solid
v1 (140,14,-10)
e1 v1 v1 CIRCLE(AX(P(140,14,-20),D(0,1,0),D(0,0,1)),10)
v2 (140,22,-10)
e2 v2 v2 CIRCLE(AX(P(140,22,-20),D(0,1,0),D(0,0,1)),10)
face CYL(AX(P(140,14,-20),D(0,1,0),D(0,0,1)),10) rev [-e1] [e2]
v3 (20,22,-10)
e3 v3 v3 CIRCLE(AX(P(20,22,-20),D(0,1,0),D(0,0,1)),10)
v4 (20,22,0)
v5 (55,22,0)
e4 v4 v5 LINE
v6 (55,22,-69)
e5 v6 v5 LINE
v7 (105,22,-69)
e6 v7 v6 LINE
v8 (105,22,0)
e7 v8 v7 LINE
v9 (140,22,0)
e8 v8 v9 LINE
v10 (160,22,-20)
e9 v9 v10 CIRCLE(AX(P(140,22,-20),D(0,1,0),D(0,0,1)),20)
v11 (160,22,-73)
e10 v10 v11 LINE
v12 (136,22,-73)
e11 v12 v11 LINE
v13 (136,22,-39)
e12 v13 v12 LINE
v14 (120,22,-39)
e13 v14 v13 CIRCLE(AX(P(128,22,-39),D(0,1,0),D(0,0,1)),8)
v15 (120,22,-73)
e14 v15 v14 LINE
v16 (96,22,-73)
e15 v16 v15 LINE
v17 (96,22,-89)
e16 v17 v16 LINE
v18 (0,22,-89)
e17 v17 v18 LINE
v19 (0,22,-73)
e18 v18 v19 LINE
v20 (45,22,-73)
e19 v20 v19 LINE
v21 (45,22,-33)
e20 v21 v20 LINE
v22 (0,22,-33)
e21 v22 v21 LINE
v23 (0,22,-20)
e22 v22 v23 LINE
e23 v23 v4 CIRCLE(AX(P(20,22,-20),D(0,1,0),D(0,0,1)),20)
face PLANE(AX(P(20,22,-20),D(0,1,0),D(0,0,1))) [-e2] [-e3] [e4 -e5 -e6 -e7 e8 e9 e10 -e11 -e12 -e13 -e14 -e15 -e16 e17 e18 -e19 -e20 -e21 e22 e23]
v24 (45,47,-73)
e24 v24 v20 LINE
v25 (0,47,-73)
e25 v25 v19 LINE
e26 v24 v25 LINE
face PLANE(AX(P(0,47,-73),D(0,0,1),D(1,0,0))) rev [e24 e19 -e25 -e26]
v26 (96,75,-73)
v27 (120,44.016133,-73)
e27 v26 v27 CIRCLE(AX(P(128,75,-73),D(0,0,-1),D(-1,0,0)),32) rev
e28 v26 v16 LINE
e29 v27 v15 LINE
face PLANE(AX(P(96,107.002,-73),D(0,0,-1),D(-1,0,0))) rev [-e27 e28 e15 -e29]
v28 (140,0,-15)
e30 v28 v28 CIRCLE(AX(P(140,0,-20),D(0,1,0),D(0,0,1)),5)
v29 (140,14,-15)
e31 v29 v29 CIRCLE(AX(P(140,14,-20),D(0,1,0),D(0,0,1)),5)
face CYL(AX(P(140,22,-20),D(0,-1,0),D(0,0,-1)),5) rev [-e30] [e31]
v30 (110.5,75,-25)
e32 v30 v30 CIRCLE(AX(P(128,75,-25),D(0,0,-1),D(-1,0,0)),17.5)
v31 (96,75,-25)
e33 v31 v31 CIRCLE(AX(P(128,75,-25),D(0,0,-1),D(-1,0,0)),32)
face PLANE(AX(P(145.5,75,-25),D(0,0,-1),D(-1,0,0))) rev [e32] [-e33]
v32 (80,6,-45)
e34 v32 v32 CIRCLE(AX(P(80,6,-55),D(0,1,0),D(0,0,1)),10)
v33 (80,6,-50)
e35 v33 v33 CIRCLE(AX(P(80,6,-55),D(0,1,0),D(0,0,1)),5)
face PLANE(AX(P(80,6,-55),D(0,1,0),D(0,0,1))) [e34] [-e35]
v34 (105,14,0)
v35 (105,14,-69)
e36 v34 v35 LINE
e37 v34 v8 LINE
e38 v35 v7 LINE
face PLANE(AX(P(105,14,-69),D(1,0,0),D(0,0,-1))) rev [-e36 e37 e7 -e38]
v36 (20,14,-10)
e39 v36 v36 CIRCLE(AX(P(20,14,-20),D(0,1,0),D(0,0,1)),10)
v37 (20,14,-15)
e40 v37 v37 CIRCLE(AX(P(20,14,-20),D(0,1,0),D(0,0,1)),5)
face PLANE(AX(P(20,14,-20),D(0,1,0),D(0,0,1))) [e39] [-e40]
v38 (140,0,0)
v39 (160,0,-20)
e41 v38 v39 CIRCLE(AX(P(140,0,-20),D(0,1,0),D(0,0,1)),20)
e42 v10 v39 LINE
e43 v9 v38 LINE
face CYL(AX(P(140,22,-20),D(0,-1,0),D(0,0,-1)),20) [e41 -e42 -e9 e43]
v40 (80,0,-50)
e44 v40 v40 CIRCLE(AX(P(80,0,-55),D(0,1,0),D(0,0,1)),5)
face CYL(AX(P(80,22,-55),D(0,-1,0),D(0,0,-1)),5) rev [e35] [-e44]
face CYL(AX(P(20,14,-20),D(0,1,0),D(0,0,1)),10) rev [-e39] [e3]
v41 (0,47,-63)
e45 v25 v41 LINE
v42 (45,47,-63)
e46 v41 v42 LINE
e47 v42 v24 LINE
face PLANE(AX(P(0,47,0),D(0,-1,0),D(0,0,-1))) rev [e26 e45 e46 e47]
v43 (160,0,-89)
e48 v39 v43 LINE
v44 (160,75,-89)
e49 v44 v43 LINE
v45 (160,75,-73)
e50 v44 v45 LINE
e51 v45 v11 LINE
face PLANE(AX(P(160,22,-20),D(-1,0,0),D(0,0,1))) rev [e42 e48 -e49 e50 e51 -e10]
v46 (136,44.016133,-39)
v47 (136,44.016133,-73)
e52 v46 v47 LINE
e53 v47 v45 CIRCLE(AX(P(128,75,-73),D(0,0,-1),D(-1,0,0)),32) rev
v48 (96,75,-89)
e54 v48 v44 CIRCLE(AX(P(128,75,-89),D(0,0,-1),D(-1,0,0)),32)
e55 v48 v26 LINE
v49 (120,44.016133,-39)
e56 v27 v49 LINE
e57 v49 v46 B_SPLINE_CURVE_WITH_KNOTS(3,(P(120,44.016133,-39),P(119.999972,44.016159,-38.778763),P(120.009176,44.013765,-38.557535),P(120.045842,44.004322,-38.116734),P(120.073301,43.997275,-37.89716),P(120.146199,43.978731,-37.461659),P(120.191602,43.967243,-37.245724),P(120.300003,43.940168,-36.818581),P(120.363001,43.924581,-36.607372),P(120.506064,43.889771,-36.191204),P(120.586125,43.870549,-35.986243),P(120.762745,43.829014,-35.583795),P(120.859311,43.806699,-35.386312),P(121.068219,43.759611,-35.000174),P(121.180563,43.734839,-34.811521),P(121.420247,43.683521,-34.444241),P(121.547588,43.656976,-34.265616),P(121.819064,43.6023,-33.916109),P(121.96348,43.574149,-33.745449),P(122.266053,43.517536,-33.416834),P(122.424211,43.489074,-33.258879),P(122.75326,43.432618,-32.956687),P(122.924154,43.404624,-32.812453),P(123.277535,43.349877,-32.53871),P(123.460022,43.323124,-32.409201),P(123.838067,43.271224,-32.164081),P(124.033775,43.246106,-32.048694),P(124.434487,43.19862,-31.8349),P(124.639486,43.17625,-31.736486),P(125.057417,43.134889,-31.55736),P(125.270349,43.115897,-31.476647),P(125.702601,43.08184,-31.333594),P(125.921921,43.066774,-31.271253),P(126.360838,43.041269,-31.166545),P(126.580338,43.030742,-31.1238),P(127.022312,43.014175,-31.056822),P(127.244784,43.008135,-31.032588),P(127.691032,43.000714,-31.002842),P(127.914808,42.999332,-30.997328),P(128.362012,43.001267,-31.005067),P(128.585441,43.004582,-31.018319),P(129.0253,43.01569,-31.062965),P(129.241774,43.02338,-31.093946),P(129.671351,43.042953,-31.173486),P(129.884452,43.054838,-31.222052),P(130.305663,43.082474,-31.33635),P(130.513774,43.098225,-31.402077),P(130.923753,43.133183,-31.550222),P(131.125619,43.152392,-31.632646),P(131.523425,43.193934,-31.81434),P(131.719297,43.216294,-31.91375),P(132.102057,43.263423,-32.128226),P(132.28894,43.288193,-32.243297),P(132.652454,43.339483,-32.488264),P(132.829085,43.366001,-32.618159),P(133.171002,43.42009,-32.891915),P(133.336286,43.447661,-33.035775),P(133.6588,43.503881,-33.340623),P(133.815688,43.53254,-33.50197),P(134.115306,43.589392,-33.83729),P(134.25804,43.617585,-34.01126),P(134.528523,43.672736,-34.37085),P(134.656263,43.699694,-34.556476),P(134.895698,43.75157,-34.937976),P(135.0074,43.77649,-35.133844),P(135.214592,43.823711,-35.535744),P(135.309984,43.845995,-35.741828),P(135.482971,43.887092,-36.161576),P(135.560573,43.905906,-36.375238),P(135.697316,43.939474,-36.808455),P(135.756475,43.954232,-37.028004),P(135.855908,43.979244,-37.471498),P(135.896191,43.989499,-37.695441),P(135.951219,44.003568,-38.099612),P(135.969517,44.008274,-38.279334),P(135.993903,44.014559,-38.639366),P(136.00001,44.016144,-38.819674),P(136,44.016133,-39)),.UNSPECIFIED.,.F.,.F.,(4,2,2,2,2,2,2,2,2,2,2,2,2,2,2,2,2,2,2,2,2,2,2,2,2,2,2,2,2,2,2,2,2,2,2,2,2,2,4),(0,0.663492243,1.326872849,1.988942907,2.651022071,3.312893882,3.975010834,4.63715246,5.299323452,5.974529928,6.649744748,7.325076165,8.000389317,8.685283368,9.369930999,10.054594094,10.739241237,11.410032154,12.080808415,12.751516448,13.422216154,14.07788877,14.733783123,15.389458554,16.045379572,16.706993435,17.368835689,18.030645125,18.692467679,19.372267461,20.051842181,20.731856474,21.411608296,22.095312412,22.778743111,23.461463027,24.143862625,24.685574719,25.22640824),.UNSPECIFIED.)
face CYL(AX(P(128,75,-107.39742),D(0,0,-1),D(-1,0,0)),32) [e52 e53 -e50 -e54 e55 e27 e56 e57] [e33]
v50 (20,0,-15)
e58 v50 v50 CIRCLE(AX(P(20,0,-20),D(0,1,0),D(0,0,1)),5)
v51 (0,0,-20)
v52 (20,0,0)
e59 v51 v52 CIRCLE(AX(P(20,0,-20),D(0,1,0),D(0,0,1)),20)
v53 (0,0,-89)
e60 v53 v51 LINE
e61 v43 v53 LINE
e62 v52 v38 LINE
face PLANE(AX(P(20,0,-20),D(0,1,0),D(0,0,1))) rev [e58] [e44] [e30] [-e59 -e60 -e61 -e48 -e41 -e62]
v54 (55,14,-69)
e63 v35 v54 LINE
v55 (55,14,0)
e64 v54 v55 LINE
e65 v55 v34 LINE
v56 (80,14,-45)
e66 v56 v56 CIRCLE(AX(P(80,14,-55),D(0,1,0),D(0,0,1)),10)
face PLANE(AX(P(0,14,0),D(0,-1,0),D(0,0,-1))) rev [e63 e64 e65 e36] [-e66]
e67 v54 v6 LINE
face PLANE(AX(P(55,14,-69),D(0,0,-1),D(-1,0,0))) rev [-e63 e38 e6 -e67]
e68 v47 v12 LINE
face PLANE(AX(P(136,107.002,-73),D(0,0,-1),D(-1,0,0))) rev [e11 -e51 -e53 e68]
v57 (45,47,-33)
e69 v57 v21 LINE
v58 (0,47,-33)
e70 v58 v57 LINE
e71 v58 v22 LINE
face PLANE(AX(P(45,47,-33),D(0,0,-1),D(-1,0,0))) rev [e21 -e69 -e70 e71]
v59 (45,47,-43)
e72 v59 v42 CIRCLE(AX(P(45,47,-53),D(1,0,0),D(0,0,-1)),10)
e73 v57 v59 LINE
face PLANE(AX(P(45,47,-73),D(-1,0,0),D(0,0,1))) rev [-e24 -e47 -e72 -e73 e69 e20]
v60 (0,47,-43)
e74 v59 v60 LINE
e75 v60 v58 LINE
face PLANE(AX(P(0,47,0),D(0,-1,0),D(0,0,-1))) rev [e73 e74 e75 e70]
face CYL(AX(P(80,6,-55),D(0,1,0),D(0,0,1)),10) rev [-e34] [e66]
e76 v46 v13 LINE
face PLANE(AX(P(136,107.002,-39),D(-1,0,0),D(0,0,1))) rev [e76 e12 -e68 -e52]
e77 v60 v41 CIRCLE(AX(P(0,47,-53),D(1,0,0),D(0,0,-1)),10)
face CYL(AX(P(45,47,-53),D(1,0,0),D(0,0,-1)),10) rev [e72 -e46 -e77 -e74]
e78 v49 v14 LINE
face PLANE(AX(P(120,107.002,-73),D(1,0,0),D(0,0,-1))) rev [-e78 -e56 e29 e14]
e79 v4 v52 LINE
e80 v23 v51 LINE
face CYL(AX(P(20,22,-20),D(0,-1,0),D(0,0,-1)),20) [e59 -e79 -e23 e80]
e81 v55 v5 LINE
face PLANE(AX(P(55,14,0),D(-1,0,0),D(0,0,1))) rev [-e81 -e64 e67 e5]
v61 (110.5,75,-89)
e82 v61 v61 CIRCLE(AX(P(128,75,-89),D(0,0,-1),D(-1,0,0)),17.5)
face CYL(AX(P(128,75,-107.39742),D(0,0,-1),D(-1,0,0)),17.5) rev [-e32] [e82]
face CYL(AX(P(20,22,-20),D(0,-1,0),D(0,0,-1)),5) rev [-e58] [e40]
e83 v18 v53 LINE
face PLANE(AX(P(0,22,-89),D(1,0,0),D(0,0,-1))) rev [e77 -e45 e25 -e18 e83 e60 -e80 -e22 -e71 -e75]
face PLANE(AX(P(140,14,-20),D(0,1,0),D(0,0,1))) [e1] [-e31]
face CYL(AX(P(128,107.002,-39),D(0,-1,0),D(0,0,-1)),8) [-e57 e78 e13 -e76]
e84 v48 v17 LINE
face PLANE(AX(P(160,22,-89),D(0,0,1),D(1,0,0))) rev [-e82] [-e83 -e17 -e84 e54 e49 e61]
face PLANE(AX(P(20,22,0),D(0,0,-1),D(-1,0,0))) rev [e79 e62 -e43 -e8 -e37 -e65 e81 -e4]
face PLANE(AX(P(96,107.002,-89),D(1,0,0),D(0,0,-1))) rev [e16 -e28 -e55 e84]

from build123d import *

# Parameters (mm, degrees)
CROQUIS2_R                   = 5
SALIENTE_EXTRUIR1_DEPTH      = 22
CROQUIS3_R                   = 10
CROQUIS3_W                   = 50
CROQUIS3_H                   = 69
CORTAR_EXTRUIR1_DEPTH        = 8
CROQUIS4_R                   = 10
CORTAR_EXTRUIR2_DEPTH        = 8
CROQUIS5_W                   = 14.5
CROQUIS5_H                   = 64
SALIENTE_EXTRUIR2_REACH      = 203.856
SALIENTE_EXTRUIR2_END_RADIUS = 32
CROQUIS9_W                   = 45
CROQUIS9_H                   = 40
SALIENTE_EXTRUIR3_DEPTH      = 25
CROQUIS10_W                  = 45
CROQUIS10_H                  = 10


with BuildPart() as part:
    # Croquis2 → Saliente-Extruir1 (new body)
    with BuildSketch(Plane(origin=(0, 0, 0), x_dir=(1, 0, 0), z_dir=(0, 1, 0))):
        with BuildLine():
            Line((20, 0), (140, 0))
            ThreePointArc((140, 0), (154.142135624, 5.857864376), (160, 20))
            Line((160, 20), (160, 89))
            Line((160, 89), (0, 89))
            Line((0, 89), (0, 20))
            ThreePointArc((0, 20), (5.857864376, 5.857864376), (20, 0))
        make_face()
        with Locations(Location((20, 20, 0), (0, 0, 270))):
            Circle(CROQUIS2_R, mode=Mode.SUBTRACT)
        with Locations(Location((140, 20, 0), (0, 0, 270))):
            Circle(CROQUIS2_R, mode=Mode.SUBTRACT)
        with Locations(Location((80, 55, 0), (0, 0, 270))):
            Circle(CROQUIS2_R, mode=Mode.SUBTRACT)
    extrude(amount=SALIENTE_EXTRUIR1_DEPTH)

    # Croquis3 → Cortar-Extruir1 (cut)
    with BuildSketch(Plane(origin=(0, 22, 0), x_dir=(1, 0, 0), z_dir=(0, 1, 0))):
        with Locations(Location((20, 20, 0), (0, 0, 270))):
            Circle(CROQUIS3_R)
        with Locations(Location((140, 20, 0), (0, 0, 270))):
            Circle(CROQUIS3_R)
        with Locations((80, 34.5)):
            Rectangle(CROQUIS3_W, CROQUIS3_H)
    extrude(amount=-CORTAR_EXTRUIR1_DEPTH, mode=Mode.SUBTRACT)

    # Croquis4 → Cortar-Extruir2 (cut)
    with BuildSketch(Plane(origin=(0, 14, 0), x_dir=(1, 0, 0), z_dir=(0, 1, 0))):
        with Locations(Location((80, 55, 0), (0, 0, 270))):
            Circle(CROQUIS4_R)
    extrude(amount=-CORTAR_EXTRUIR2_DEPTH, mode=Mode.SUBTRACT)



with BuildPart() as body_2:
    # Croquis5 → Revolución1 (revolve)
    with BuildSketch(Plane(origin=(0, 75, 0), x_dir=(1, 0, 0), z_dir=(0, 1, 0)), mode=Mode.PRIVATE) as revoluci_n1_sk:
        with Locations((152.75, 57)):
            Rectangle(CROQUIS5_W, CROQUIS5_H)
    revolve(revoluci_n1_sk.sketch.rotate(Axis((128, 75, -107.397420406), (0, 0, 1)), 180), axis=Axis((128, 75, -107.397420406), (0, 0, 1)))


with BuildPart() as part_1:
    add(part.part)

    add(body_2.part)  # Saliente-Extruir2 merges body 2
    # Saliente-Extruir2: up to this cylinder (the profile starts outside it)
    saliente_extruir2_end = Plane(origin=(128, 75, -70.113997), z_dir=(0, 0, -1)) * Cylinder(SALIENTE_EXTRUIR2_END_RADIUS, 472.712, mode=Mode.PRIVATE)
    # Croquis8 → Saliente-Extruir2 (add, up to the surface)
    with BuildSketch(Plane(origin=(0, 22, 0), x_dir=(1, 0, 0), z_dir=(0, 1, 0)), mode=Mode.PRIVATE) as saliente_extruir2_sk1:
        with BuildLine():
            Line((96, 89), (96, 73))
            Line((96, 73), (120, 73))
            Line((120, 73), (120, 39))
            ThreePointArc((120, 39), (128, 31), (136, 39))
            Line((136, 39), (136, 73))
            Line((136, 73), (160, 73))
            Line((160, 73), (160, 89))
            Line((160, 89), (96, 89))
        make_face()
    saliente_extruir2_tool1 = extrude(saliente_extruir2_sk1.sketch, amount=SALIENTE_EXTRUIR2_REACH, mode=Mode.PRIVATE) - saliente_extruir2_end
    add(saliente_extruir2_tool1.solids().sort_by_distance((128, 22, -70.113997))[0])

    # Croquis9 → Saliente-Extruir3 (add)
    with BuildSketch(Plane(origin=(0, 22, 0), x_dir=(1, 0, 0), z_dir=(0, 1, 0))):
        with Locations((22.5, 53)):
            Rectangle(CROQUIS9_W, CROQUIS9_H)
    extrude(amount=SALIENTE_EXTRUIR3_DEPTH)

    # Croquis10 → Cortar-Revolución1 (revolve, cut)
    with BuildSketch(Plane(origin=(0, 47, 0), x_dir=(1, 0, 0), z_dir=(0, 1, 0))):
        with Locations((22.5, 58)):
            Rectangle(CROQUIS10_W, CROQUIS10_H)
    revolve(axis=Axis((45, 47, -53), (-1, 0, 0)), mode=Mode.SUBTRACT)


solid = part_1.part
